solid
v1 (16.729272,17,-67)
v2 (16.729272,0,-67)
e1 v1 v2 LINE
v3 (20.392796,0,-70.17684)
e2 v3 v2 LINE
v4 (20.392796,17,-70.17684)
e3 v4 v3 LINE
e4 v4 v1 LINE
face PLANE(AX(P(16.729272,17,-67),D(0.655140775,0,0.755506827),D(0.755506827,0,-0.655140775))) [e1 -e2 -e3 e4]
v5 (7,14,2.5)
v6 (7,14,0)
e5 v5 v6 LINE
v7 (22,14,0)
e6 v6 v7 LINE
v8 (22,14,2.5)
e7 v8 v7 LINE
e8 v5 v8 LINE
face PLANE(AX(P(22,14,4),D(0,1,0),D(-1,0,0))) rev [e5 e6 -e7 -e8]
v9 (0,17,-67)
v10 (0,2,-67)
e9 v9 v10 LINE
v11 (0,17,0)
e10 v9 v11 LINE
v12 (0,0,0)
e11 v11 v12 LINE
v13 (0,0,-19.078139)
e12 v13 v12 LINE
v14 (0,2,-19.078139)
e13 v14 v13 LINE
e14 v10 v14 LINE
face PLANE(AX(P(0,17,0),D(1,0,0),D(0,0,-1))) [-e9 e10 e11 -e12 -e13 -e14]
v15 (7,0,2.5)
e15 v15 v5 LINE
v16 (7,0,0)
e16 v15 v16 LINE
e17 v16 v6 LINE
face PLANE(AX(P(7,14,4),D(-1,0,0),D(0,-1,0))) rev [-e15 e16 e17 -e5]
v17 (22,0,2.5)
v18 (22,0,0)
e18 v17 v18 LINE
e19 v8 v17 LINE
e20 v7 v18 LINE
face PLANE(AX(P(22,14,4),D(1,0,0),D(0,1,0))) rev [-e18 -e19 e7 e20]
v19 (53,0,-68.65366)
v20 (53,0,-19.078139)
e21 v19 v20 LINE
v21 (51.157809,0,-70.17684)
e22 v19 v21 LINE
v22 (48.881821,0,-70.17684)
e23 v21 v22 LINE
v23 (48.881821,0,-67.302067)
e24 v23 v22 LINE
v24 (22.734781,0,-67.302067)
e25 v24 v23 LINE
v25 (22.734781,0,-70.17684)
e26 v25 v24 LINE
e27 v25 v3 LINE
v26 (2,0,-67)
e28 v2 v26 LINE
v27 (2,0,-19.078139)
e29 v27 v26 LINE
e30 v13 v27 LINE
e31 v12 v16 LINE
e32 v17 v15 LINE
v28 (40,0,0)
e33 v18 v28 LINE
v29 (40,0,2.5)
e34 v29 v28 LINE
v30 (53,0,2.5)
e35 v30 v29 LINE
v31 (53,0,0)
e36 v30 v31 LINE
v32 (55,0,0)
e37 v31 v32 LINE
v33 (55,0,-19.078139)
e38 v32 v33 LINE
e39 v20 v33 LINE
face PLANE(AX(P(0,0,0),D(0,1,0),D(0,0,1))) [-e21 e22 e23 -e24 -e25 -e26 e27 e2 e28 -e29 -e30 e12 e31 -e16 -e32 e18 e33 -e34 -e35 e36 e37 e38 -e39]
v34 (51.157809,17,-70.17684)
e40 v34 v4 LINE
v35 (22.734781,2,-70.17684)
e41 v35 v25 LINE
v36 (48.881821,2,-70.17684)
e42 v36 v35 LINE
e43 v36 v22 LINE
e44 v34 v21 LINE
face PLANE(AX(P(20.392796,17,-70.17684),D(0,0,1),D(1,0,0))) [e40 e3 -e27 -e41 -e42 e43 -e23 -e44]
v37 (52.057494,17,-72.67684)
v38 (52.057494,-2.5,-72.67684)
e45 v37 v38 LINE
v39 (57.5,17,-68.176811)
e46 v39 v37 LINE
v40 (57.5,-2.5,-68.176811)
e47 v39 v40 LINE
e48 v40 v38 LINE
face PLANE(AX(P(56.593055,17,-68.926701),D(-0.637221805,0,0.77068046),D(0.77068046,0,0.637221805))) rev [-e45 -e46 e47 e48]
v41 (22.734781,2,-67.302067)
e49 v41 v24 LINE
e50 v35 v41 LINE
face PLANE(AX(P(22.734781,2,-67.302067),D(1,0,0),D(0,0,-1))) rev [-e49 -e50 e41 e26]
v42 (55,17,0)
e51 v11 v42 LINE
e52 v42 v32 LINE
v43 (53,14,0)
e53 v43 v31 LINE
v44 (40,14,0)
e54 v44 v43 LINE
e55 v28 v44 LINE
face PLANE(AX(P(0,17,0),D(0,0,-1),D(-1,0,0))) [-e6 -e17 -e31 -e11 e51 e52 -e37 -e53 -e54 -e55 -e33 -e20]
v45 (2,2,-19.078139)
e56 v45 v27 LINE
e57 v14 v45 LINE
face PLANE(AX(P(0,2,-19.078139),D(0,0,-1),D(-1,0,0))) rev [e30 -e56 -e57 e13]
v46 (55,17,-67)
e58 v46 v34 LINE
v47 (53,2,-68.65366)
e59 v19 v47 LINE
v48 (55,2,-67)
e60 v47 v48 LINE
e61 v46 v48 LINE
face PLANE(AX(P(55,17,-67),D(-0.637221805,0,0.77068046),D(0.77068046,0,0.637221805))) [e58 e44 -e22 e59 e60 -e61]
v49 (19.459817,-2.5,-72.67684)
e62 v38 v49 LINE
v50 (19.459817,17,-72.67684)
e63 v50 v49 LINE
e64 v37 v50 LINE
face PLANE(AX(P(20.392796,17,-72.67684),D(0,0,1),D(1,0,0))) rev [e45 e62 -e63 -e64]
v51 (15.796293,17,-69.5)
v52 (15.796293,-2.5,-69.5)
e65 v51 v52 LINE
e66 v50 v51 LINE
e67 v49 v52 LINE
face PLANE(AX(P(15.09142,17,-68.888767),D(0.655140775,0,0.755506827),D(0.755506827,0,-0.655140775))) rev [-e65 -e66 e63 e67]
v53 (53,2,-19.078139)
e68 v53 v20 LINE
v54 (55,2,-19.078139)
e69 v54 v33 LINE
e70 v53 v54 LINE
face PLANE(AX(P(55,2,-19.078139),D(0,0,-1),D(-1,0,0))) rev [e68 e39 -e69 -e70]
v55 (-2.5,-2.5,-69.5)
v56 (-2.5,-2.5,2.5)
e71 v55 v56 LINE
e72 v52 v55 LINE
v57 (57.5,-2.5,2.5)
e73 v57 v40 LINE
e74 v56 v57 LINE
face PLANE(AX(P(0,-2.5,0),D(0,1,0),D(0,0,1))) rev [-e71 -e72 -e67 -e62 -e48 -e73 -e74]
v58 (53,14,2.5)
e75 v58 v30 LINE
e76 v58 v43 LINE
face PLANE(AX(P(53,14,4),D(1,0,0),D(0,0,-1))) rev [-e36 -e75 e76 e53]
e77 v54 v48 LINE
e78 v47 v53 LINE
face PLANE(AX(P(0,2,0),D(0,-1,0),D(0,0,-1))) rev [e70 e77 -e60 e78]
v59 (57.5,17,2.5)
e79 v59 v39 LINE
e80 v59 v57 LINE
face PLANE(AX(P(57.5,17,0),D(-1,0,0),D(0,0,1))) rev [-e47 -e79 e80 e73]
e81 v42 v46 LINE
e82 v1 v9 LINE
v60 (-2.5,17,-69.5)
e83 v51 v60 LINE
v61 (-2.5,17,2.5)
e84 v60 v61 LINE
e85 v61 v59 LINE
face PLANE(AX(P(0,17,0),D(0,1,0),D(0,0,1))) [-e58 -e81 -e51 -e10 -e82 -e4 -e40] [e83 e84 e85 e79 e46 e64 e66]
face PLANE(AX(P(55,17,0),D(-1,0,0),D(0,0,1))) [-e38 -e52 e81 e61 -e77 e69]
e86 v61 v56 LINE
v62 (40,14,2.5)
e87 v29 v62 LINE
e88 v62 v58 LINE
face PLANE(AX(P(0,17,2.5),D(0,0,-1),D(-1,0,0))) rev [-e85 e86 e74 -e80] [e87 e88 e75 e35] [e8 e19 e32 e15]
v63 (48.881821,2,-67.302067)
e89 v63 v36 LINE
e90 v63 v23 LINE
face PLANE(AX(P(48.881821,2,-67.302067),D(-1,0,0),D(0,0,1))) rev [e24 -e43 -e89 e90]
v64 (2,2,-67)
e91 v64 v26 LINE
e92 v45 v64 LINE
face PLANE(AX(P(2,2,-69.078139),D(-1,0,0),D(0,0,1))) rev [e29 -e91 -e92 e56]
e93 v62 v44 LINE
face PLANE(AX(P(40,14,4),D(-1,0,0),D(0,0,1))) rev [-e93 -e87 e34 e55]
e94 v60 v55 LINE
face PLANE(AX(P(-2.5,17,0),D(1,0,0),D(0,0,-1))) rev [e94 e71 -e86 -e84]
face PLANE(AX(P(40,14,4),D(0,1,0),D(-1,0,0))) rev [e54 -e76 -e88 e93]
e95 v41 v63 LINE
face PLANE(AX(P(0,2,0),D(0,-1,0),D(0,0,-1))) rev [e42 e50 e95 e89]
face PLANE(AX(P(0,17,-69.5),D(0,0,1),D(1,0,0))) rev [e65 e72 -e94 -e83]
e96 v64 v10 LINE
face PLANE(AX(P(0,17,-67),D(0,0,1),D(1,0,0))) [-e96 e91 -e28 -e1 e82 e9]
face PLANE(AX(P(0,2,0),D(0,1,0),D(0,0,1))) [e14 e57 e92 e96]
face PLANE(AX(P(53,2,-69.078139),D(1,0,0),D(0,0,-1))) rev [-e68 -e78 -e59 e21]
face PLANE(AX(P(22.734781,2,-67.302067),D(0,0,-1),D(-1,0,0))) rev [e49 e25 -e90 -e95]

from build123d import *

# Parameters (mm, degrees)
BOSS_EXTRUDE1_DEPTH = 17
SHELL1_T            = 2.5
SKETCH2_W           = 15
SKETCH2_H           = 14
SKETCH2_W_2         = 13
CUT_EXTRUDE1_DEPTH  = 4
SKETCH3_W           = 2
SKETCH3_H           = 50
BOSS_EXTRUDE2_DEPTH = 2
SKETCH4_W           = 26.147040262
SKETCH4_H           = 2.874772828
BOSS_EXTRUDE3_DEPTH = 2


with BuildPart() as part:
    # Sketch1 → Boss-Extrude1 (new body)
    with BuildSketch(Plane(origin=(0, 0, 0), x_dir=(1, 0, 0), z_dir=(0, 1, 0))):
        Polygon((0, 0), (0, 67), (16.729272308, 67), (20.392796314, 70.176839536), (51.157808577, 70.176839536), (55, 67), (55, 0), align=None)
    extrude(amount=BOSS_EXTRUDE1_DEPTH)

    # Shell1
    shell1_openings = [part.faces().sort_by_distance(p)[0] for p in [
        (27.740476626, 17, -34.512318995),
    ]]
    offset(amount=SHELL1_T, openings=shell1_openings, kind=Kind.INTERSECTION)

    # Sketch2 → Cut-Extrude1 (cut)
    with BuildSketch(Plane(origin=(0, 0, 0), x_dir=(-1, 0, 0), z_dir=(0, 0, -1))):
        with Locations((-14.5, 7)):
            Rectangle(SKETCH2_W, SKETCH2_H)
        with Locations((-46.5, 7)):
            Rectangle(SKETCH2_W_2, SKETCH2_H)
    extrude(amount=-CUT_EXTRUDE1_DEPTH, mode=Mode.SUBTRACT)

    # Sketch3 → Boss-Extrude2 (add)
    with BuildSketch(Plane(origin=(0, 0, 0), x_dir=(1, 0, 0), z_dir=(0, 1, 0))):
        with Locations((1, 44.078139118)):
            Rectangle(SKETCH3_W, SKETCH3_H)
        with Locations((54, 44.078139118)):
            Rectangle(SKETCH3_W, SKETCH3_H)
    extrude(amount=BOSS_EXTRUDE2_DEPTH)

    # Sketch4 → Boss-Extrude3 (add)
    with BuildSketch(Plane(origin=(0, 0, 0), x_dir=(1, 0, 0), z_dir=(0, 1, 0))):
        with Locations((35.808300775, 68.739453122)):
            Rectangle(SKETCH4_W, SKETCH4_H)
    extrude(amount=BOSS_EXTRUDE3_DEPTH)


solid = part.part
